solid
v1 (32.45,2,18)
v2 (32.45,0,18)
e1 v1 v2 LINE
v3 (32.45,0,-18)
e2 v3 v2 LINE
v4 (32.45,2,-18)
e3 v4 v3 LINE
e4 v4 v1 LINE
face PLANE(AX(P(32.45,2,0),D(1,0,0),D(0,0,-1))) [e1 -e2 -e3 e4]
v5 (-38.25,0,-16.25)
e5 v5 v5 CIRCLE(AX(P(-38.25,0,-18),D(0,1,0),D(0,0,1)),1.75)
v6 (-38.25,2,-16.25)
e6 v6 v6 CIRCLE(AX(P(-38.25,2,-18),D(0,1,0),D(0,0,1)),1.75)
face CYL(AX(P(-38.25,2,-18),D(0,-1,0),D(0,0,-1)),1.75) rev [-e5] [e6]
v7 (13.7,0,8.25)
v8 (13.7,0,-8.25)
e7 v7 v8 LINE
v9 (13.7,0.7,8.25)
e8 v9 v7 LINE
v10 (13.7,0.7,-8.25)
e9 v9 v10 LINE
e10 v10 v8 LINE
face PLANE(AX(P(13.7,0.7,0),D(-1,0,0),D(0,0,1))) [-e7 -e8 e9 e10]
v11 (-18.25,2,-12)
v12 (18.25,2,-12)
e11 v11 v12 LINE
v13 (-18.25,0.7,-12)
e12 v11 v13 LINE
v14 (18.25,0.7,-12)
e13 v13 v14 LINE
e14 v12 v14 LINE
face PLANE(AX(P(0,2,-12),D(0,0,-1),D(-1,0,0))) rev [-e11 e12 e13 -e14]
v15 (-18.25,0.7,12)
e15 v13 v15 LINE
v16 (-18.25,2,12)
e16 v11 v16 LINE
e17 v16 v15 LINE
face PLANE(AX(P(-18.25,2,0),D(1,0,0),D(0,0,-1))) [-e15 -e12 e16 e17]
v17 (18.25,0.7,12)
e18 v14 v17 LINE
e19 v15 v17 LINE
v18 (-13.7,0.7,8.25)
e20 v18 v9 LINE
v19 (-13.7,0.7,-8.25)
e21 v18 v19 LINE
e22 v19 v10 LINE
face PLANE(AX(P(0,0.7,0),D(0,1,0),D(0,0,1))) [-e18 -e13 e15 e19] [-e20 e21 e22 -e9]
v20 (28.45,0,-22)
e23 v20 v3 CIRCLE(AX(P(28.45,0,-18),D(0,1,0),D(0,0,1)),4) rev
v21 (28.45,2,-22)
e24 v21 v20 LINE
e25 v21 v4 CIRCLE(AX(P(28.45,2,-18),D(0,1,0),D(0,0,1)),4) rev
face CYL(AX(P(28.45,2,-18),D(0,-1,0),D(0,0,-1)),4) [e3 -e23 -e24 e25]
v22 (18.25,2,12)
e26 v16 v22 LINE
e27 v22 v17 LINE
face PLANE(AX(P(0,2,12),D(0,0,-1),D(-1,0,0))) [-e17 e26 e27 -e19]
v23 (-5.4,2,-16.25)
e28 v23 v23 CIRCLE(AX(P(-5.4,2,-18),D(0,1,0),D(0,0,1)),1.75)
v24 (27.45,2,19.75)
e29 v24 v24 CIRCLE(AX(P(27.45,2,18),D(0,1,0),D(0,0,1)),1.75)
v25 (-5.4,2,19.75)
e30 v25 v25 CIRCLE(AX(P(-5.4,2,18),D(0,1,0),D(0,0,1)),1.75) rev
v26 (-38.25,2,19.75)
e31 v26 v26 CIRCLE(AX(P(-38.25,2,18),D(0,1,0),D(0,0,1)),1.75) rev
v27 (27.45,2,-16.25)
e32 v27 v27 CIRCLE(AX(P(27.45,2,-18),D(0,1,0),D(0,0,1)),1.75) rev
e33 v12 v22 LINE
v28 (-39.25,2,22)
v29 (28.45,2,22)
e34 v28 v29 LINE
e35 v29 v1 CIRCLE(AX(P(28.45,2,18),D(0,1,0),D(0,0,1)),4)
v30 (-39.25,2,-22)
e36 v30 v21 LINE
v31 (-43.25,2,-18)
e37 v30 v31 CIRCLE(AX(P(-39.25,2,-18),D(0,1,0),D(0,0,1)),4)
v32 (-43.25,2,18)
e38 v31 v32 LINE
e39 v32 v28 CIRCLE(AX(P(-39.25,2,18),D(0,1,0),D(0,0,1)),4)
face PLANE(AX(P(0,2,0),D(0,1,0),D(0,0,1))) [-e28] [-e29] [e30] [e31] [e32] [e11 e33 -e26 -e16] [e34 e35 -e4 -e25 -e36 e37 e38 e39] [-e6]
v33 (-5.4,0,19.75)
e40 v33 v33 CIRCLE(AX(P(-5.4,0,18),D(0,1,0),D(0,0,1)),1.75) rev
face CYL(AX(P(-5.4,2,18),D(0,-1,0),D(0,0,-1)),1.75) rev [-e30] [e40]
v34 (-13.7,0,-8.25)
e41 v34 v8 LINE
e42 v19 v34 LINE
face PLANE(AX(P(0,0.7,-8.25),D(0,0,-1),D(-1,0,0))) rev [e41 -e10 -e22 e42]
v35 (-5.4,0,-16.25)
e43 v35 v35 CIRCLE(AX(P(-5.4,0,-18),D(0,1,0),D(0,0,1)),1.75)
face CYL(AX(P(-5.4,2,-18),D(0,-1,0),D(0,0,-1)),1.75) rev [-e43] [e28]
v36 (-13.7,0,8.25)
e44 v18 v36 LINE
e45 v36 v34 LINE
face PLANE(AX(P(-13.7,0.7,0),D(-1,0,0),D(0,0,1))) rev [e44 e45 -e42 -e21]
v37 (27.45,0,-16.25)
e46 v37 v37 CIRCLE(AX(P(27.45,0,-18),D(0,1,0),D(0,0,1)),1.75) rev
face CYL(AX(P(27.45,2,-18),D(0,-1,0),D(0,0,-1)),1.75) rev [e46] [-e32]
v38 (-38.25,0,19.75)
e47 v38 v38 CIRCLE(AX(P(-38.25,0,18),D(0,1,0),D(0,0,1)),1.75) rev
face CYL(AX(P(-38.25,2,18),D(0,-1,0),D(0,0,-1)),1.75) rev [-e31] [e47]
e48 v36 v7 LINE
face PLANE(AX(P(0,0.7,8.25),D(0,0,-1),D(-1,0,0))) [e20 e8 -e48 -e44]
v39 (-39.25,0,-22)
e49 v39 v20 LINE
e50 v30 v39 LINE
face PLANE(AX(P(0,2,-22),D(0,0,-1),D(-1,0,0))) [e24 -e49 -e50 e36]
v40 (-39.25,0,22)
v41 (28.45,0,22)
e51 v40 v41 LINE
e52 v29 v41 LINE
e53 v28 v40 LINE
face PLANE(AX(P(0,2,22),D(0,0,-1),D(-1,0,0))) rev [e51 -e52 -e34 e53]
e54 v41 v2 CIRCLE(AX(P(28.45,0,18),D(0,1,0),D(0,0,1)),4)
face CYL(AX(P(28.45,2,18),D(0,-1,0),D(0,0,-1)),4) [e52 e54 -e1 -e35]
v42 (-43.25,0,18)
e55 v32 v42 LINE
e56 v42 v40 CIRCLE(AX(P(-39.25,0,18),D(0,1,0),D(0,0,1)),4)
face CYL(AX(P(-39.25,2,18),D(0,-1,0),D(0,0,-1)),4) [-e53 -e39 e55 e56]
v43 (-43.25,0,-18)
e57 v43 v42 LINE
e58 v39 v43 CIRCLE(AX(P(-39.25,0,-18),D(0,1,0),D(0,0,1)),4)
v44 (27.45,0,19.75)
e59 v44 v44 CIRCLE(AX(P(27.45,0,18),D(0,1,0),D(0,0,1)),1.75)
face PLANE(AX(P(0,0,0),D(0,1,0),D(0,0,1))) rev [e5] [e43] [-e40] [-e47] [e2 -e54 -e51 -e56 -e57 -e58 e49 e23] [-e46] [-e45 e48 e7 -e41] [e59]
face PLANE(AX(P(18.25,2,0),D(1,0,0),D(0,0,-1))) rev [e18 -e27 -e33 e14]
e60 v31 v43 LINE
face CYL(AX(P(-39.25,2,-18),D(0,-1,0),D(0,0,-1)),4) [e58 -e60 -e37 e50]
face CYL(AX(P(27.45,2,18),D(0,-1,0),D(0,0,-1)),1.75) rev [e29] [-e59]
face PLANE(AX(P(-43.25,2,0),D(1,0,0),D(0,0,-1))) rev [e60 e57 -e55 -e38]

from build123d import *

# Parameters (mm, degrees)
SKETCH1_W           = 36.5
SKETCH1_H           = 24
SKETCH1_R           = 1.75
BOSS_EXTRUDE1_DEPTH = 2
SKETCH1_3_W         = 36.5
SKETCH1_3_H         = 24
SKETCH1_3_W_2       = 27.4
SKETCH1_3_H_2       = 16.5
BOSS_EXTRUDE2_DEPTH = 0.7


with BuildPart() as part:
    # Sketch1 → Boss-Extrude1 (new body)
    with BuildSketch(Plane(origin=(0, 0, 0), x_dir=(1, 0, 0), z_dir=(0, 1, 0))):
        with BuildLine():
            Line((28.45, 22), (-39.25, 22))
            ThreePointArc((-39.25, 22), (-42.078427125, 20.828427125), (-43.25, 18))
            Line((-43.25, 18), (-43.25, -18))
            ThreePointArc((-43.25, -18), (-42.078427125, -20.828427125), (-39.25, -22))
            Line((-39.25, -22), (28.45, -22))
            ThreePointArc((28.45, -22), (31.278427125, -20.828427125), (32.45, -18))
            Line((32.45, -18), (32.45, 18))
            ThreePointArc((32.45, 18), (31.278427125, 20.828427125), (28.45, 22))
        make_face()
        Rectangle(SKETCH1_W, SKETCH1_H, mode=Mode.SUBTRACT)
        with Locations((-38.25, -18)):
            Circle(SKETCH1_R, mode=Mode.SUBTRACT)
        with Locations((-5.4, -18)):
            Circle(SKETCH1_R, mode=Mode.SUBTRACT)
        with Locations((27.45, -18)):
            Circle(SKETCH1_R, mode=Mode.SUBTRACT)
        with Locations((27.45, 18)):
            Circle(SKETCH1_R, mode=Mode.SUBTRACT)
        with Locations((-38.25, 18)):
            Circle(SKETCH1_R, mode=Mode.SUBTRACT)
        with Locations((-5.4, 18)):
            Circle(SKETCH1_R, mode=Mode.SUBTRACT)
    extrude(amount=BOSS_EXTRUDE1_DEPTH)

    # Sketch1<3> → Boss-Extrude2 (add)
    with BuildSketch(Plane(origin=(0, 0, 0), x_dir=(1, 0, 0), z_dir=(0, 1, 0))):
        Rectangle(SKETCH1_3_W, SKETCH1_3_H)
        Rectangle(SKETCH1_3_W_2, SKETCH1_3_H_2, mode=Mode.SUBTRACT)
    extrude(amount=BOSS_EXTRUDE2_DEPTH)


solid = part.part
